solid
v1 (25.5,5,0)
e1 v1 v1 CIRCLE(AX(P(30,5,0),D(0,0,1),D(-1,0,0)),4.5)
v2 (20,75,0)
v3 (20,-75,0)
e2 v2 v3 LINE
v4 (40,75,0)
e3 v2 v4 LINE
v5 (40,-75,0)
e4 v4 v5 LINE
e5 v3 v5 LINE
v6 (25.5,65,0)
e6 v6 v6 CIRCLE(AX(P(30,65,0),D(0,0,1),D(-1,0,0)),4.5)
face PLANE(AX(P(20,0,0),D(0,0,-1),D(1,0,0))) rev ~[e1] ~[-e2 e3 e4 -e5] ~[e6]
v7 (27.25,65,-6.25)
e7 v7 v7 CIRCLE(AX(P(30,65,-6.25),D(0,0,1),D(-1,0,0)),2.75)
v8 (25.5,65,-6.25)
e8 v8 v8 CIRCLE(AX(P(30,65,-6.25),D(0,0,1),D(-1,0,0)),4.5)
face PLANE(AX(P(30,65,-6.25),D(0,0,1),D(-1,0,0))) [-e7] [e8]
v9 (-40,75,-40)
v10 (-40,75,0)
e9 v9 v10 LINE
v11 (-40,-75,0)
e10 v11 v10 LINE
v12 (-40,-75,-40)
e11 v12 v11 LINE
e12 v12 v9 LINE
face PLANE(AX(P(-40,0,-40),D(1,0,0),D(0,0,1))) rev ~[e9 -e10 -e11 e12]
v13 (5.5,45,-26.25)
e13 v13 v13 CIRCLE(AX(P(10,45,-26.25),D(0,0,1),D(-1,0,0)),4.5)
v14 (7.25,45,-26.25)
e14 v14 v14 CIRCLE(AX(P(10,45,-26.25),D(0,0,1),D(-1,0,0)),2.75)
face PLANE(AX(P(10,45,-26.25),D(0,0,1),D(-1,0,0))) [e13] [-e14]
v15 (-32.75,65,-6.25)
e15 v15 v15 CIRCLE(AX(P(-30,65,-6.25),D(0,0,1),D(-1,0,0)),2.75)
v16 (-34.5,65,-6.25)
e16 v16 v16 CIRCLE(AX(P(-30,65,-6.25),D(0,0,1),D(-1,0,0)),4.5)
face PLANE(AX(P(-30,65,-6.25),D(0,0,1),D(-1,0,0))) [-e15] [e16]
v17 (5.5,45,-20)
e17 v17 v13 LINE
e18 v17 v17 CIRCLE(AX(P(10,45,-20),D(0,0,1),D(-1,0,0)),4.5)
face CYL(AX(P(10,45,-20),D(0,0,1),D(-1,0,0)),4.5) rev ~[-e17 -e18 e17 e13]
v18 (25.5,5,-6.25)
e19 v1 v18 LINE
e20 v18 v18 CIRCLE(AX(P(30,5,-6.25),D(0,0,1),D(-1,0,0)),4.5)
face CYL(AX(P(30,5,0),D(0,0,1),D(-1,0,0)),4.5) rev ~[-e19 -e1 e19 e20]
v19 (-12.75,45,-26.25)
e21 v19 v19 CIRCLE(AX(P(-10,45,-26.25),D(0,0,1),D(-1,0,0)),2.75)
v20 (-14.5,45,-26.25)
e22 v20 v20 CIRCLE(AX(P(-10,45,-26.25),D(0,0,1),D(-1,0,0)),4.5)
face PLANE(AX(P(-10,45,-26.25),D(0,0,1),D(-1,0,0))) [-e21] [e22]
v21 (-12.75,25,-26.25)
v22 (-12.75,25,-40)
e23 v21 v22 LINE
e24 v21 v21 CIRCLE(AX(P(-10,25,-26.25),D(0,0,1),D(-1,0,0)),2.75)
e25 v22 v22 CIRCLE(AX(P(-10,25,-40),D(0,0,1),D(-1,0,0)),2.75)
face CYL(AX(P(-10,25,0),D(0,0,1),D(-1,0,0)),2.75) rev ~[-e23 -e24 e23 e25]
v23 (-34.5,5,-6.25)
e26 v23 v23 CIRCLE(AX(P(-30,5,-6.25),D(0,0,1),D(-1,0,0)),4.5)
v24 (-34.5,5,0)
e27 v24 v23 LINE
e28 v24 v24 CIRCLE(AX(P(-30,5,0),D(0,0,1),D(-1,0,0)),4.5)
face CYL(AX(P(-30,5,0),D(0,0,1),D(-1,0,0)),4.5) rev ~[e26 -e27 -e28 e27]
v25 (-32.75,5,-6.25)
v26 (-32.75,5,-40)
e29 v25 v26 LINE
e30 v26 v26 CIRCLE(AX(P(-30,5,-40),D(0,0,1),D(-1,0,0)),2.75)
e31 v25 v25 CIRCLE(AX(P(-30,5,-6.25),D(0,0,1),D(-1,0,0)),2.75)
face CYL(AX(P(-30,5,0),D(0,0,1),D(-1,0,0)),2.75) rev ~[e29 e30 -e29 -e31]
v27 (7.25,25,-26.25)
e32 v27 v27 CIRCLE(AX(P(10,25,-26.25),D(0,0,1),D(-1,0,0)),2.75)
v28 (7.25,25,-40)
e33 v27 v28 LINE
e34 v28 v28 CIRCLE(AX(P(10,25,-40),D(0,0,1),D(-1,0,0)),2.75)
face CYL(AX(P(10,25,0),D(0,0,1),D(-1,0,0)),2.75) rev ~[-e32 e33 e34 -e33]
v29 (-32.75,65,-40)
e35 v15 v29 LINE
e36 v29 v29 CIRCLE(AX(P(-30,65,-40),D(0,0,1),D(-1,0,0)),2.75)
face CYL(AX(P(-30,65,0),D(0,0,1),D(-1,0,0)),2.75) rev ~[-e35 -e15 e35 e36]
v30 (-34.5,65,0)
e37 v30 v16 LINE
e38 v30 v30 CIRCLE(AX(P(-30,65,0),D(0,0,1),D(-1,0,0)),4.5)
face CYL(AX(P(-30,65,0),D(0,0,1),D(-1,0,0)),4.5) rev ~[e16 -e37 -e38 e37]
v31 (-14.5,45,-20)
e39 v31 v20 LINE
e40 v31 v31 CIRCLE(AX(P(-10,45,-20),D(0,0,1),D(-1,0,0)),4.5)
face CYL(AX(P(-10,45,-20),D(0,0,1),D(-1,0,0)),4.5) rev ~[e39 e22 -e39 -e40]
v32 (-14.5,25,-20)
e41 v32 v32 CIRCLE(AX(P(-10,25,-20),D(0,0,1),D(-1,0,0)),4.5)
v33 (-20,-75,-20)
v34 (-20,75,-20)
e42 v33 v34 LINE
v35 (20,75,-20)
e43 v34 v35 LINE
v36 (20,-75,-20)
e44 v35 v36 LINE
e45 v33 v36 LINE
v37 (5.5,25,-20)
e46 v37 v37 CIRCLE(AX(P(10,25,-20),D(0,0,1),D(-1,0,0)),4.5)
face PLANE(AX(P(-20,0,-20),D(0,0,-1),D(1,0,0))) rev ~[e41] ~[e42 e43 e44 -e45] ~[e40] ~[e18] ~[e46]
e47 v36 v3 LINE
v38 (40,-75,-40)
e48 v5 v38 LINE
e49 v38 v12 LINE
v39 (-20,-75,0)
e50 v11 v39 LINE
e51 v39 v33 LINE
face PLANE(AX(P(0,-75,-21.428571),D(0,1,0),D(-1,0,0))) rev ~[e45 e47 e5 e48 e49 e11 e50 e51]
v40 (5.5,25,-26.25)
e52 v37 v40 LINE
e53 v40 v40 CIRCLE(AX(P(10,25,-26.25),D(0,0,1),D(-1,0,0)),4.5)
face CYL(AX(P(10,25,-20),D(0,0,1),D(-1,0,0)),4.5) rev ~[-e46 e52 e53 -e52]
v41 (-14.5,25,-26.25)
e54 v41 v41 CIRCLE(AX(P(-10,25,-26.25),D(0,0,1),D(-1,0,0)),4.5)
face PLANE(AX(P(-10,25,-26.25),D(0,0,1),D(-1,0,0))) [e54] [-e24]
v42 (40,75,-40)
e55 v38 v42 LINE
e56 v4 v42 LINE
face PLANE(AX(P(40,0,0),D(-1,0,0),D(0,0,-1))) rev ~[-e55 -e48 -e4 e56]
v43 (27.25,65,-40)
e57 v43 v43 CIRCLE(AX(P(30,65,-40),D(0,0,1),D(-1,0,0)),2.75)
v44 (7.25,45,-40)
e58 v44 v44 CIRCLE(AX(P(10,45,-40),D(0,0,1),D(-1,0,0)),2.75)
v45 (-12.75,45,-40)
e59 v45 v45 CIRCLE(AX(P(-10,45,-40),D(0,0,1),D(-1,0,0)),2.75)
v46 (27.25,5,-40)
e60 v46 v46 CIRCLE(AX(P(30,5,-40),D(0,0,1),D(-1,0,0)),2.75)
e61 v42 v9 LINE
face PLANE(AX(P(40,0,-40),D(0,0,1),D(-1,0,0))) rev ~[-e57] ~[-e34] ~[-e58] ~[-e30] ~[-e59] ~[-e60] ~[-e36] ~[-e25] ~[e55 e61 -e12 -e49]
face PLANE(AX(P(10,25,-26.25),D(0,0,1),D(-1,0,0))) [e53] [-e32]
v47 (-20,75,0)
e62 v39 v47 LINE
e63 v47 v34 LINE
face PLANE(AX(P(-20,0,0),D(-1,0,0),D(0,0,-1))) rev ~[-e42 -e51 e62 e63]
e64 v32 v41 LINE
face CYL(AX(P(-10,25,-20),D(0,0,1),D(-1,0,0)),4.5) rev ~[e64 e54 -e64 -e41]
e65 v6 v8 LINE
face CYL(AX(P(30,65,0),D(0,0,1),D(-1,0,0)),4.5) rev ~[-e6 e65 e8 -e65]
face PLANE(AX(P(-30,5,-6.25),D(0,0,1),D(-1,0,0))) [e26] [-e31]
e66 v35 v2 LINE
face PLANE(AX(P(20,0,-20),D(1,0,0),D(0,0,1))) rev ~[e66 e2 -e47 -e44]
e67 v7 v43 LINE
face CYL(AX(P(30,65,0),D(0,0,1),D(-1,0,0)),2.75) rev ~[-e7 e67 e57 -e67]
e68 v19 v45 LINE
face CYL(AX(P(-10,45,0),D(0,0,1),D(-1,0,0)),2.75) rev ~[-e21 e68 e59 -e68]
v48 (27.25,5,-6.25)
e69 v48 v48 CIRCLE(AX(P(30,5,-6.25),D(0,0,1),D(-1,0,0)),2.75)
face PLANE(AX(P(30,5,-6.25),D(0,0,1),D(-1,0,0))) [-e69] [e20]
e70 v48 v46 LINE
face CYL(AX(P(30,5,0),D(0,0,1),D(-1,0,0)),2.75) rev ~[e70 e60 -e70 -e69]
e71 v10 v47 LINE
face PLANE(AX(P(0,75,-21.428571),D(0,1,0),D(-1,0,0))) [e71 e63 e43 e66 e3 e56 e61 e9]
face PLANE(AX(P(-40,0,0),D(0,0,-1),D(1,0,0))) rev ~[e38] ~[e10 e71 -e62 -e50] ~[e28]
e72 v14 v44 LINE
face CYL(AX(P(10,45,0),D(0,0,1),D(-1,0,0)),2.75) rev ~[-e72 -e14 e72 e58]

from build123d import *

# Parameters (mm, degrees)
PAD_DEPTH       = 75
SKETCH001_R     = 2.75
POCKET_DEPTH    = 40.001
SKETCH002_R     = 4.5
POCKET001_DEPTH = 6.25
SKETCH003_R     = 4.5
POCKET002_DEPTH = 6.25


with BuildPart() as part:
    # Sketch → Pad (new body, symmetric)
    with BuildSketch(Plane.XZ):
        Polygon((40, 0), (40, -40), (-40, -40), (-40, 0), (-20, 0), (-20, -20), (20, -20), (20, 0), align=None)
    extrude(amount=PAD_DEPTH, both=True)

    # Sketch001 (on Face4 of Pad) → Pocket (cut, through all)
    with BuildSketch(Plane(origin=(0, 0, 0), x_dir=(-1, 0, 0), z_dir=(0, 0, 1))):
        with Locations((-30, -65)):
            Circle(SKETCH001_R)
        with Locations((30, -65)):
            Circle(SKETCH001_R)
        with Locations((-30, -5)):
            Circle(SKETCH001_R)
        with Locations((30, -5)):
            Circle(SKETCH001_R)
        with Locations((-10, -25)):
            Circle(SKETCH001_R)
        with Locations((10, -25)):
            Circle(SKETCH001_R)
        with Locations((-10, -45)):
            Circle(SKETCH001_R)
        with Locations((10, -45)):
            Circle(SKETCH001_R)
    extrude(amount=-POCKET_DEPTH, mode=Mode.SUBTRACT)

    # Sketch002 (on Face16 of Pocket) → Pocket001 (cut)
    with BuildSketch(Plane(origin=(0, 0, 0), x_dir=(-1, 0, 0), z_dir=(0, 0, 1))):
        with Locations((-30, -65)):
            Circle(SKETCH002_R)
        with Locations((-30, -5)):
            Circle(SKETCH002_R)
        with Locations((30, -5)):
            Circle(SKETCH002_R)
        with Locations((30, -65)):
            Circle(SKETCH002_R)
    extrude(amount=-POCKET001_DEPTH, mode=Mode.SUBTRACT)

    # Sketch003 (on Face20 of Pocket001) → Pocket002 (cut)
    with BuildSketch(Plane(origin=(0, 0, -20), x_dir=(-1, 0, 0), z_dir=(0, 0, 1))):
        with Locations((-10, -45)):
            Circle(SKETCH003_R)
        with Locations((-10, -25)):
            Circle(SKETCH003_R)
        with Locations((10, -25)):
            Circle(SKETCH003_R)
        with Locations((10, -45)):
            Circle(SKETCH003_R)
    extrude(amount=-POCKET002_DEPTH, mode=Mode.SUBTRACT)


solid = part.part
